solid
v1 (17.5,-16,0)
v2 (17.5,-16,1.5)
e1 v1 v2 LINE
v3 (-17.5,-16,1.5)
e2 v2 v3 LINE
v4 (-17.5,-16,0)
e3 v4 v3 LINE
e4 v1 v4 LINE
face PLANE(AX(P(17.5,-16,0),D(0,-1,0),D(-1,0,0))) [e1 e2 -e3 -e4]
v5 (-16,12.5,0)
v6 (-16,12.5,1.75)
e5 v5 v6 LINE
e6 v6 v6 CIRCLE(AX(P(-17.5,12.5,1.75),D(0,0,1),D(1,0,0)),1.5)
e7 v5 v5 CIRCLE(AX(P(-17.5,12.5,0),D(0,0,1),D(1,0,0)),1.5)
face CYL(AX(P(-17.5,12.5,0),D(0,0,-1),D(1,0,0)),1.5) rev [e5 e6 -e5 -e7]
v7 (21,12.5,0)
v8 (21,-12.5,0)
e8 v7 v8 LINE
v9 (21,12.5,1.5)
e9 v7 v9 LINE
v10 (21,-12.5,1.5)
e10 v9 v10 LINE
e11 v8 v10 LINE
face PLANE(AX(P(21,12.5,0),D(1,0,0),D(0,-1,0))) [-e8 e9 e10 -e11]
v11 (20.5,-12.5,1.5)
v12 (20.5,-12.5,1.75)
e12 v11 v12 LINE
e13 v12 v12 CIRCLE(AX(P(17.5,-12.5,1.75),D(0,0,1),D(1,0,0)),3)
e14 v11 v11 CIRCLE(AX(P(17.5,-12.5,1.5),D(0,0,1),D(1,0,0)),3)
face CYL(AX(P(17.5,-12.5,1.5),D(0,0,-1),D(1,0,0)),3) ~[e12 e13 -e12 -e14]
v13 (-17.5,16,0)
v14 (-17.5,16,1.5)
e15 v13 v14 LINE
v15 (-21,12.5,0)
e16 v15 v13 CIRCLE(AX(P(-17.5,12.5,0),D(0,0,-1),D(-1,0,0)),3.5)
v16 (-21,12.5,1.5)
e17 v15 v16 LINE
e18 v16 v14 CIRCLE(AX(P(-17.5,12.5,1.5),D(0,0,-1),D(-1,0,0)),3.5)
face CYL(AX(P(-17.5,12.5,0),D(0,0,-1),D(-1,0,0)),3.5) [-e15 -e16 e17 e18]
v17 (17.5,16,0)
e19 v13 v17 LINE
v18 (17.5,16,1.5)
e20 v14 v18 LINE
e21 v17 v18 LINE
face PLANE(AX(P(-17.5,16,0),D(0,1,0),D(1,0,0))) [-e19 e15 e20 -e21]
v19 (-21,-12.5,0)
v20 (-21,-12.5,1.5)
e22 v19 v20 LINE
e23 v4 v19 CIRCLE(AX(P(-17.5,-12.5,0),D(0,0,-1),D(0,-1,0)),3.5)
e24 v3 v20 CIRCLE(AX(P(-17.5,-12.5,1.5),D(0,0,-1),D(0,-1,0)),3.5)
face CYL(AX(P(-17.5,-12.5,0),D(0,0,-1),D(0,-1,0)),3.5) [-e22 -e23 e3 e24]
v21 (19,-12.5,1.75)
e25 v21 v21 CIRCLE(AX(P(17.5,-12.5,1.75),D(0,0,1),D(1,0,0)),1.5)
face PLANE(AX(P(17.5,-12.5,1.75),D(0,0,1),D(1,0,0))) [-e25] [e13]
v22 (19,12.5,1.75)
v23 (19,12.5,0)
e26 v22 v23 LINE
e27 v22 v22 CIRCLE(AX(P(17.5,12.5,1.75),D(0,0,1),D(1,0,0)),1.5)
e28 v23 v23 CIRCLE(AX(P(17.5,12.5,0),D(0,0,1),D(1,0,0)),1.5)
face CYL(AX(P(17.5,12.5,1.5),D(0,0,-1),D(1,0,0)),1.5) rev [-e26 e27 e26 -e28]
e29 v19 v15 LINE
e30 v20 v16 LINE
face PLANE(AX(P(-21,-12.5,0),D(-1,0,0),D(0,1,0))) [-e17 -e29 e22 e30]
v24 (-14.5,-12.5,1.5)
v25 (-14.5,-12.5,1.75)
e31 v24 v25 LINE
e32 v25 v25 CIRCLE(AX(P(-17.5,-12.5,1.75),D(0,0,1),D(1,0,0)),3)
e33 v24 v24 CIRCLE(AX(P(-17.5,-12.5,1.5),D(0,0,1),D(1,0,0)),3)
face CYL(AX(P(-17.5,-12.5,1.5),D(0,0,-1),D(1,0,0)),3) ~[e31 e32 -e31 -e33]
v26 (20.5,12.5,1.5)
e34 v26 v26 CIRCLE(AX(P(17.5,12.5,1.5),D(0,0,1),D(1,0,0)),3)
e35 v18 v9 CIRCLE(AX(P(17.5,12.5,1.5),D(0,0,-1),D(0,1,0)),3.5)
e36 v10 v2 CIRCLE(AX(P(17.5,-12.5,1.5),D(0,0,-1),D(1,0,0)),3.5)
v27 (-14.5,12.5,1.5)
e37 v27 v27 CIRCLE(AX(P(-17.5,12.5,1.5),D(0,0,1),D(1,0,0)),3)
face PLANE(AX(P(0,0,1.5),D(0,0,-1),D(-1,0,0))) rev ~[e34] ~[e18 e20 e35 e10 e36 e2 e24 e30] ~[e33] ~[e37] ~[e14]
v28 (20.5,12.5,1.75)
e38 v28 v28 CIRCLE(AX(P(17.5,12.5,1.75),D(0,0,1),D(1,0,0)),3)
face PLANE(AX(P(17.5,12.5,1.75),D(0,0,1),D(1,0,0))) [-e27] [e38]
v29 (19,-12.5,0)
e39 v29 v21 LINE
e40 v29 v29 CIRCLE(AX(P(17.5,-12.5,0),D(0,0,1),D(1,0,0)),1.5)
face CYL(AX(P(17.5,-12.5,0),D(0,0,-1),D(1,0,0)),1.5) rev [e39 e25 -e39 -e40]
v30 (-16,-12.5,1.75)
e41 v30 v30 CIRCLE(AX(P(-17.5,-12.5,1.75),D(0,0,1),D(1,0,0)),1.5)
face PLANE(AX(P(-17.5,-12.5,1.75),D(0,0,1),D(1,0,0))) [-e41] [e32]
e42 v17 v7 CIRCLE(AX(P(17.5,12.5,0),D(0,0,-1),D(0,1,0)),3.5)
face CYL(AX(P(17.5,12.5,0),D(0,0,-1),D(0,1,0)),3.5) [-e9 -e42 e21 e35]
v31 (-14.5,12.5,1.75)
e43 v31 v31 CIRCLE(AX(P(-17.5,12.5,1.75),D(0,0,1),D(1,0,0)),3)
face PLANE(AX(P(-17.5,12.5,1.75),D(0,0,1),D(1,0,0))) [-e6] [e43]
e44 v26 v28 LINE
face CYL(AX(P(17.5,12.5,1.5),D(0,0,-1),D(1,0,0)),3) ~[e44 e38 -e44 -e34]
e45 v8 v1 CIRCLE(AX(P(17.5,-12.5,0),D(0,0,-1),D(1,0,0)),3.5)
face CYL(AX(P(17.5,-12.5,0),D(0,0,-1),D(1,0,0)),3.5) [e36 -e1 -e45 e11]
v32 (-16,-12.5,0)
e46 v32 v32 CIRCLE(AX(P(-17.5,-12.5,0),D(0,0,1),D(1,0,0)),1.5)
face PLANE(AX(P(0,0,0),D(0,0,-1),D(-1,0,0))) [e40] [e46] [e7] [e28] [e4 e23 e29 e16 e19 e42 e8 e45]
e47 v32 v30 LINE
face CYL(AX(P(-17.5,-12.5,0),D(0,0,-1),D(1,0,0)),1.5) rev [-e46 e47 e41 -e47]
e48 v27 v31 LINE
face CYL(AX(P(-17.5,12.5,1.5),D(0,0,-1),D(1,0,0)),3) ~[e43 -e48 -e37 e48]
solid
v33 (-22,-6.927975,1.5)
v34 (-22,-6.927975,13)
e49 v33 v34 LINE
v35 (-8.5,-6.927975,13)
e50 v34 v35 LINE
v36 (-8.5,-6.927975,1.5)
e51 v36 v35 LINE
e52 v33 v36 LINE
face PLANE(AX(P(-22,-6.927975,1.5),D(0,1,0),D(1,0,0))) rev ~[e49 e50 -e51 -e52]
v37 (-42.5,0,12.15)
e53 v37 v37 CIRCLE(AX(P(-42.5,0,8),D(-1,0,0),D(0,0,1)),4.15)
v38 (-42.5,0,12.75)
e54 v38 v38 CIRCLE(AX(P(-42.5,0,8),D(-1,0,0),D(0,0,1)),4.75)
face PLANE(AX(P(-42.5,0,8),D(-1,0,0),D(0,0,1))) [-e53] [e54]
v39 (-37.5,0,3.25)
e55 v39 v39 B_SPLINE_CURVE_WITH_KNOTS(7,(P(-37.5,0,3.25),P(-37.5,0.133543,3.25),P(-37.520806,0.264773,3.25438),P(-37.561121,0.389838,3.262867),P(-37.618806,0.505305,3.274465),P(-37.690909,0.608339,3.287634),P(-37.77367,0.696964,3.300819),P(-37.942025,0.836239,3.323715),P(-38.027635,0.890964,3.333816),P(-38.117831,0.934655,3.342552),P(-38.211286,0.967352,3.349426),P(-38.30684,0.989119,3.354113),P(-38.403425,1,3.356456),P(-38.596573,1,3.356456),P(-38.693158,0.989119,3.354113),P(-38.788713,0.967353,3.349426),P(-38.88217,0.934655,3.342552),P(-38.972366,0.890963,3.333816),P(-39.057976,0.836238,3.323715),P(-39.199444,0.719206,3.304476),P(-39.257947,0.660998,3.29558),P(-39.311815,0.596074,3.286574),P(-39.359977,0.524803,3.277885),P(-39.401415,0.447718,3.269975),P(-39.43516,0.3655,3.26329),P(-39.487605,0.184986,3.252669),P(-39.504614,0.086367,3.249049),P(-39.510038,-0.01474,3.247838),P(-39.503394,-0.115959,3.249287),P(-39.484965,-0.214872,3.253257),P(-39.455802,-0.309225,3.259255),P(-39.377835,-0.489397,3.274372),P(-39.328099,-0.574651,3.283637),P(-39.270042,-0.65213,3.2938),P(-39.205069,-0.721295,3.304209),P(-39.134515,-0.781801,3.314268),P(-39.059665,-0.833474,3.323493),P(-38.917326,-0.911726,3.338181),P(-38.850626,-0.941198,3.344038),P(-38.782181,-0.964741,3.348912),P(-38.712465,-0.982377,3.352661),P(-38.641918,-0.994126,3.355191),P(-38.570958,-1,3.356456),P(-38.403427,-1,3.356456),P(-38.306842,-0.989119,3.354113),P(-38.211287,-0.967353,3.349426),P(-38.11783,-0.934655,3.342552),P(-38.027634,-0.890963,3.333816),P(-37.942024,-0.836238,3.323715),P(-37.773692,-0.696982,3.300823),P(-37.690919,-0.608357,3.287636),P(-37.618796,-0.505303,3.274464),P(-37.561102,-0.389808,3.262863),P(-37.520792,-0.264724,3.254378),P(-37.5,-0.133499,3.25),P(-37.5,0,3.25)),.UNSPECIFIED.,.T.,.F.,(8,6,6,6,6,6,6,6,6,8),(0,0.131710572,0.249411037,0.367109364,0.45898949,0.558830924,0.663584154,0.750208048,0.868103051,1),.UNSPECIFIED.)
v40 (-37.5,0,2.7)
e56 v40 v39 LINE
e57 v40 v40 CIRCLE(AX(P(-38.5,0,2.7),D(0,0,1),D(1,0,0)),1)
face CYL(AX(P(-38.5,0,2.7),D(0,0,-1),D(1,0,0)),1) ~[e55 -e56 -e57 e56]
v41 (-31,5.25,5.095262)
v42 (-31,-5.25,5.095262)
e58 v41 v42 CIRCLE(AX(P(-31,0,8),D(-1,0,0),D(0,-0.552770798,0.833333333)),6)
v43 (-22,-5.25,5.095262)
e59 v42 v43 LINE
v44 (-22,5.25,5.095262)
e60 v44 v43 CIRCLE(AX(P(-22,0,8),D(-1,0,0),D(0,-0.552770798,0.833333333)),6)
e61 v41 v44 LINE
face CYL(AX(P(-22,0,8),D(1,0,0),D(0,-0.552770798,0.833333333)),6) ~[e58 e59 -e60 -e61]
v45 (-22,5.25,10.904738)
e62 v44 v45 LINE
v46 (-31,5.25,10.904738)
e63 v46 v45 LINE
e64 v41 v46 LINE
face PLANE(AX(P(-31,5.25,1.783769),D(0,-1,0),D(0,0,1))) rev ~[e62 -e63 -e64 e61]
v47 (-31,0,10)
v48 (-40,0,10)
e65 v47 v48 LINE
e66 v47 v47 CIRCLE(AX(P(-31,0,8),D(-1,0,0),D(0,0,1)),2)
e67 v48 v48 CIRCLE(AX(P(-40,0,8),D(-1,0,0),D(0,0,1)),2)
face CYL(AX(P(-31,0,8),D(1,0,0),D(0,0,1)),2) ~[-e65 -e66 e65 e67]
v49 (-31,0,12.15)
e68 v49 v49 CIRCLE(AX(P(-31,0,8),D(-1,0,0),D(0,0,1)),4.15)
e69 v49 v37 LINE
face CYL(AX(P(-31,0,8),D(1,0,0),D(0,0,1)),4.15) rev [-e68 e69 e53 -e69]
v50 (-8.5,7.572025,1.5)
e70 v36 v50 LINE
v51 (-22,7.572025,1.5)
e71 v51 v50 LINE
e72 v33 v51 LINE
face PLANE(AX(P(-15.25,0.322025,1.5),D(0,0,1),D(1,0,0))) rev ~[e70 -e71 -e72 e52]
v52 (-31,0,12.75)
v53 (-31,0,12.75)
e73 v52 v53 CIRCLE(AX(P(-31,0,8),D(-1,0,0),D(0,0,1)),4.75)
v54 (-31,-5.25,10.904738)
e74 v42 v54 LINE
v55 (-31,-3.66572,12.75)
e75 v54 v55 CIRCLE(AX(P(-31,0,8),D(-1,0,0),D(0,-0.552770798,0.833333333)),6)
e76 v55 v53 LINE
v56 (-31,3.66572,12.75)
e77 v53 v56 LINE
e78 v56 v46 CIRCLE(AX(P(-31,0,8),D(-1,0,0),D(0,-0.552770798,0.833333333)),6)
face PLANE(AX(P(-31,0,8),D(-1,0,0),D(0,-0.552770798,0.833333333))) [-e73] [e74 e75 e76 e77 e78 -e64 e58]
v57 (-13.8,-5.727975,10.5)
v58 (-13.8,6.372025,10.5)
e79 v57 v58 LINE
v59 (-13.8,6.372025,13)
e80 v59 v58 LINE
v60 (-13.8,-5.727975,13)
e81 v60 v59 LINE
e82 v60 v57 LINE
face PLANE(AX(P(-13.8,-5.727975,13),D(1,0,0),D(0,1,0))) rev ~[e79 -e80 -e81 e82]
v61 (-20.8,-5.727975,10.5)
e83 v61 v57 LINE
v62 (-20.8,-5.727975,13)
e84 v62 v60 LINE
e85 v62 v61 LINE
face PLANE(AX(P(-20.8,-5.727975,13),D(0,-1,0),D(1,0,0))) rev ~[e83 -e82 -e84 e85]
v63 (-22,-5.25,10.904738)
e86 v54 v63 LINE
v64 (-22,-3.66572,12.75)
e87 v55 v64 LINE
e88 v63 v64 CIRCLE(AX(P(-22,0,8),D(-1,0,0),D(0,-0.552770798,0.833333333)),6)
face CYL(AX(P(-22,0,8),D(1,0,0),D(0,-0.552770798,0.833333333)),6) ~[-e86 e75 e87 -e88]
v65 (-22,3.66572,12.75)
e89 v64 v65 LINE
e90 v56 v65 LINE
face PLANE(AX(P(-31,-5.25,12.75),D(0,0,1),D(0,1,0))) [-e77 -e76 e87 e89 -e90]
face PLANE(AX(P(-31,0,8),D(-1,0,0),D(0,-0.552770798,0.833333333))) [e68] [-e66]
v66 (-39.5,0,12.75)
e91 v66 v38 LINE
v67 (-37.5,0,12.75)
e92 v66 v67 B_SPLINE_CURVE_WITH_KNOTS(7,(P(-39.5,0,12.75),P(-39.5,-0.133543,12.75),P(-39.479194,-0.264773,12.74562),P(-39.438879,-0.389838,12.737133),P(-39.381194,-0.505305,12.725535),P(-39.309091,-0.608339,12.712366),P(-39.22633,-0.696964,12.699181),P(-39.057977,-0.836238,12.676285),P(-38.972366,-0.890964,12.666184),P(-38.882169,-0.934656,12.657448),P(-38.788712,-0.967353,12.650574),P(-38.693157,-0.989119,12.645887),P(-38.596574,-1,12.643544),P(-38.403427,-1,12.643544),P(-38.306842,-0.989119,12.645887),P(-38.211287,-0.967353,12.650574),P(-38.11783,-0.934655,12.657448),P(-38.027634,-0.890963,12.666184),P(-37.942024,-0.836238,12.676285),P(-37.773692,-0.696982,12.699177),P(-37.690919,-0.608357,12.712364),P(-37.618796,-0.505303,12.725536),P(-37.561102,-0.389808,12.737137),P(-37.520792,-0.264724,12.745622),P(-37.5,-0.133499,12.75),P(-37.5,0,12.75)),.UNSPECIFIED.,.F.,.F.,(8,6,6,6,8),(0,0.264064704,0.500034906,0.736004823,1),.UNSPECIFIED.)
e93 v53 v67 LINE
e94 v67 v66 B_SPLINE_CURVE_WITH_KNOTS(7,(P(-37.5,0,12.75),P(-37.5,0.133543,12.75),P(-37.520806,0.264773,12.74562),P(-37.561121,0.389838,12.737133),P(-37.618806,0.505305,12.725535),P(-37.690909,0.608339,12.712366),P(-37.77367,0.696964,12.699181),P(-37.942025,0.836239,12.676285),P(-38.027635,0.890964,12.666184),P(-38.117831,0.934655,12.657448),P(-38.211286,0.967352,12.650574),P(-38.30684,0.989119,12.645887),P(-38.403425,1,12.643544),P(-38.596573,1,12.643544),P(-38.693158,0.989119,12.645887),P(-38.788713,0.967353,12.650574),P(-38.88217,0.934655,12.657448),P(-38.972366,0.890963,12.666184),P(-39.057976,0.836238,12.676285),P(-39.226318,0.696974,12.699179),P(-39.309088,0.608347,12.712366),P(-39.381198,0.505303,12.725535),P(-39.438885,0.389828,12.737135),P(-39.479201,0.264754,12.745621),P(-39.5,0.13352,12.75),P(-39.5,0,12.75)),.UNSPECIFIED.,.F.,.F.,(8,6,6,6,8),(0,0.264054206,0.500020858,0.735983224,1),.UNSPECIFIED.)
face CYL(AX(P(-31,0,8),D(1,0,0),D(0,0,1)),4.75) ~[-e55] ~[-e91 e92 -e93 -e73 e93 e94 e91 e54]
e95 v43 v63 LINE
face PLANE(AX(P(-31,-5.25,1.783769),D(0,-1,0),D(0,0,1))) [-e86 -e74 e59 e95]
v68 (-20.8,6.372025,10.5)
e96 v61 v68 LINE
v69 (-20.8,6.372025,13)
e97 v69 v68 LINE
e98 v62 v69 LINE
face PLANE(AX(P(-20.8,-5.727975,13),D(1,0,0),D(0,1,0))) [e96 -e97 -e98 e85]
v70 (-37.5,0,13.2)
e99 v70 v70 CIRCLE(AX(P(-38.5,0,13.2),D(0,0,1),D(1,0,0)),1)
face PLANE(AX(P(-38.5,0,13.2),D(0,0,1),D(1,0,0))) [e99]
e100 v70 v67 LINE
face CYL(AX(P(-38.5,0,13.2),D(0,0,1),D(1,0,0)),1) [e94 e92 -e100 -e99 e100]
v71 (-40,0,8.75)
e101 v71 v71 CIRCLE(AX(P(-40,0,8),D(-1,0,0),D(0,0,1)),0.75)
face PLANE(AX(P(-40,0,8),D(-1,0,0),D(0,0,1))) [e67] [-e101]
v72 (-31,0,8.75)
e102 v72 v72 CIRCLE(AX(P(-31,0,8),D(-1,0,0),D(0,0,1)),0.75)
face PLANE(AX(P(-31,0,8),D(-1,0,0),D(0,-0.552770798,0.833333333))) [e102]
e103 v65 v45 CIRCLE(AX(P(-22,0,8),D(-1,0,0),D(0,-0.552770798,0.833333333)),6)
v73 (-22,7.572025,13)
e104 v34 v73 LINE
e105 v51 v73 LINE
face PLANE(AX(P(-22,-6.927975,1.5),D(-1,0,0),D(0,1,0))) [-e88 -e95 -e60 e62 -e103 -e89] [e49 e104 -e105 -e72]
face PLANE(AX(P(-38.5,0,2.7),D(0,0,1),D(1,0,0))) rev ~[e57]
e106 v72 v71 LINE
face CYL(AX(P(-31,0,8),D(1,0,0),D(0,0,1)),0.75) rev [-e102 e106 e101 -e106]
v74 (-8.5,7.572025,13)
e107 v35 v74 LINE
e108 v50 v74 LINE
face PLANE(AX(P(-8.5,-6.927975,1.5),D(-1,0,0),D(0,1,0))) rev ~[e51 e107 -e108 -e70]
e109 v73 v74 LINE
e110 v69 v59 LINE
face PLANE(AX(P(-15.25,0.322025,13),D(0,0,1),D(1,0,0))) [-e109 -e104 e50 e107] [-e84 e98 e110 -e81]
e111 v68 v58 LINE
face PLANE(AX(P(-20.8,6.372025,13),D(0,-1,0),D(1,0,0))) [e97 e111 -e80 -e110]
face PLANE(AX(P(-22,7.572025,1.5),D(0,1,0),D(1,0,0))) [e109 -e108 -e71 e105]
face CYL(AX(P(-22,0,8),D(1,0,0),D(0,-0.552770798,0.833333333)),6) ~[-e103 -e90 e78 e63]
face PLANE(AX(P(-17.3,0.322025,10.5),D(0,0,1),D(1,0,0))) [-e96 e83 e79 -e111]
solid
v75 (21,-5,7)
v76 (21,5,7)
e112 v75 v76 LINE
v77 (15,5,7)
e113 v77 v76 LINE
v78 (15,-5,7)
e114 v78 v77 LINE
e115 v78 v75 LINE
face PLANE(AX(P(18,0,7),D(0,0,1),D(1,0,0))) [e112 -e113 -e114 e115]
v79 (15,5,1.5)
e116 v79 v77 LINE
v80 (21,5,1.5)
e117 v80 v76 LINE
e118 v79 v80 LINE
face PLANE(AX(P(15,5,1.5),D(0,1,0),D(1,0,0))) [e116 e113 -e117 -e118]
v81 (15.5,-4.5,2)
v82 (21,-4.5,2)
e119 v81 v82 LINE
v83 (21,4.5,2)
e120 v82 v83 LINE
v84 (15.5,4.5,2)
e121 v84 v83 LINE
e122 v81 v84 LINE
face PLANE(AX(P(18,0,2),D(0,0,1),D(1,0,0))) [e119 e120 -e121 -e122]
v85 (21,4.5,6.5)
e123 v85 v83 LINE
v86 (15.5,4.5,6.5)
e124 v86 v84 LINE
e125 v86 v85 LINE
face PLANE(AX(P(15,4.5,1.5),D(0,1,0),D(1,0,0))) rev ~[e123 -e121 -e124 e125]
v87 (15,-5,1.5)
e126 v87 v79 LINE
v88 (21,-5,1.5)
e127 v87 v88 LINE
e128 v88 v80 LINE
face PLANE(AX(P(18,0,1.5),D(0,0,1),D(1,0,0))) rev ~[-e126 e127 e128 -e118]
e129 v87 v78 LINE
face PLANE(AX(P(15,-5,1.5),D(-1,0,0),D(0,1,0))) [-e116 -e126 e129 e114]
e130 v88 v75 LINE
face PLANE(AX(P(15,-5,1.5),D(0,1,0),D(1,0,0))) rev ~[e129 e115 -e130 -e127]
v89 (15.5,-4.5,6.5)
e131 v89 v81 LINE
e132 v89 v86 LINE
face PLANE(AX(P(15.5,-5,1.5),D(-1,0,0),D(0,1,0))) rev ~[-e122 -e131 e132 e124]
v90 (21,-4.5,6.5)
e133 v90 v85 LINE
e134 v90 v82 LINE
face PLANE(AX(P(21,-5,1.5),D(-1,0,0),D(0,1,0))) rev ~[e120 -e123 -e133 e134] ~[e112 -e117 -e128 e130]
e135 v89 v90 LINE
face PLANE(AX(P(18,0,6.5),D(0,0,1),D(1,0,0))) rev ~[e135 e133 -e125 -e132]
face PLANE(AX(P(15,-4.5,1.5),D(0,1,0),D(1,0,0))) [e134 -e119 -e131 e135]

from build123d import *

# Parameters (mm, degrees)
ESQUISSE1_R             = 1.5
BOSS_EXTRU_1_DEPTH      = 1.5
ESQUISSE2_R             = 3
ESQUISSE2_R_2           = 1.5
BOSS_EXTRU_2_DEPTH      = 0.25
ESQUISSE4_W             = 13.5
ESQUISSE4_H             = 14.5
BOSS_EXTRU_3_DEPTH      = 11.5
ESQUISSE5_W             = 7
ESQUISSE5_H             = 12.1
ENL_V_MAT_EXTRU_1_DEPTH = 2.5
ESQUISSE6_R             = 6
BOSS_EXTRU_4_DEPTH      = 9
ESQUISSE7_R             = 4.75
ESQUISSE7_R_2           = 4.15
BOSS_EXTRU_5_DEPTH      = 11.5
ESQUISSE8_OUTSIDE_W     = 30.494
ESQUISSE8_OUTSIDE_H     = 48.494
ESQUISSE8_OUTSIDE_W_2   = 10.966230641
ESQUISSE8_OUTSIDE_H_2   = 10.5
ENL_V_MAT_EXTRU_2_DEPTH = 9
ESQUISSE9_R             = 1
BOSS_EXTRU_6_DEPTH      = 1
BOSS_EXTRU_7_START      = -10.5
ESQUISSE9_2_R           = 1
BOSS_EXTRU_7_DEPTH      = 1
ESQUISSE10_R            = 2
ESQUISSE10_R_2          = 0.75
BOSS_EXTRU_8_DEPTH      = 9
ESQUISSE11_W            = 6
ESQUISSE11_H            = 10
BOSS_EXTRU_9_DEPTH      = 5.5
COQUE1_T                = -0.5


with BuildPart() as part:
    # Esquisse1 → Boss.-Extru.1 (new body)
    with BuildSketch(Plane.XY):
        with BuildLine():
            ThreePointArc((-21, 12.5), (-19.974873734, 14.974873734), (-17.5, 16))
            Line((-17.5, 16), (17.5, 16))
            ThreePointArc((17.5, 16), (19.974873734, 14.974873734), (21, 12.5))
            Line((21, 12.5), (21, -12.5))
            ThreePointArc((21, -12.5), (19.974873734, -14.974873734), (17.5, -16))
            Line((17.5, -16), (-17.5, -16))
            ThreePointArc((-17.5, -16), (-19.974873734, -14.974873734), (-21, -12.5))
            Line((-21, -12.5), (-21, 12.5))
        make_face()
        with Locations((17.5, -12.5)):
            Circle(ESQUISSE1_R, mode=Mode.SUBTRACT)
        with Locations((17.5, 12.5)):
            Circle(ESQUISSE1_R, mode=Mode.SUBTRACT)
        with Locations((-17.5, -12.5)):
            Circle(ESQUISSE1_R, mode=Mode.SUBTRACT)
        with Locations((-17.5, 12.5)):
            Circle(ESQUISSE1_R, mode=Mode.SUBTRACT)
    extrude(amount=BOSS_EXTRU_1_DEPTH)

    # Esquisse2 → Boss.-Extru.2 (add)
    # profile 1 of 4: a face of its own
    with BuildSketch(Plane.XY.offset(1.5)):
        with Locations((17.5, 12.5)):
            Circle(ESQUISSE2_R)
        with Locations((17.5, 12.5)):
            Circle(ESQUISSE2_R_2, mode=Mode.SUBTRACT)
    # profile 2 of 4: a face of its own
    with BuildSketch(Plane.XY.offset(1.5)):
        with Locations((-17.5, 12.5)):
            Circle(ESQUISSE2_R)
        with Locations((-17.5, 12.5)):
            Circle(ESQUISSE2_R_2, mode=Mode.SUBTRACT)
    # profile 3 of 4: a face of its own
    with BuildSketch(Plane.XY.offset(1.5)):
        with Locations((-17.5, -12.5)):
            Circle(ESQUISSE2_R)
        with Locations((-17.5, -12.5)):
            Circle(ESQUISSE2_R_2, mode=Mode.SUBTRACT)
    # profile 4 of 4: a face of its own
    with BuildSketch(Plane.XY.offset(1.5)):
        with Locations((17.5, -12.5)):
            Circle(ESQUISSE2_R)
        with Locations((17.5, -12.5)):
            Circle(ESQUISSE2_R_2, mode=Mode.SUBTRACT)
    extrude(amount=BOSS_EXTRU_2_DEPTH)


with BuildPart() as body_2:
    # Esquisse4 → Boss.-Extru.3 (new body)
    with BuildSketch(Plane.XY.offset(1.5)):
        with Locations((-15.25, 0.32202456)):
            Rectangle(ESQUISSE4_W, ESQUISSE4_H)
    extrude(amount=BOSS_EXTRU_3_DEPTH)

    # Esquisse5 → Enlèv. mat.-Extru.1 (cut)
    with BuildSketch(Plane.XY.offset(13)):
        with Locations((-17.3, 0.32202456)):
            Rectangle(ESQUISSE5_W, ESQUISSE5_H)
    extrude(amount=-ENL_V_MAT_EXTRU_1_DEPTH, mode=Mode.SUBTRACT)

    # Esquisse6 → Boss.-Extru.4 (add)
    with BuildSketch(Plane.ZY.offset(22)):
        with Locations(Location((8, 0, 0), (0, 0, 326.442690238))):
            Circle(ESQUISSE6_R)
    extrude(amount=BOSS_EXTRU_4_DEPTH)

    # Esquisse7 → Boss.-Extru.5 (add)
    with BuildSketch(Plane.ZY.offset(31)):
        with Locations((8, 0)):
            Circle(ESQUISSE7_R)
        with Locations((8, 0)):
            Circle(ESQUISSE7_R_2, mode=Mode.SUBTRACT)
    extrude(amount=BOSS_EXTRU_5_DEPTH)

    # Esquisse8 outside → Enlèv. mat.-Extru.2 (cut)
    with BuildSketch(Plane.ZY.offset(31)):
        with Locations((7, 0)):
            Rectangle(ESQUISSE8_OUTSIDE_W, ESQUISSE8_OUTSIDE_H)
        with Locations((7.26688468, 0)):
            Rectangle(ESQUISSE8_OUTSIDE_W_2, ESQUISSE8_OUTSIDE_H_2, mode=Mode.SUBTRACT)
    extrude(amount=-ENL_V_MAT_EXTRU_2_DEPTH, mode=Mode.SUBTRACT)

    # Esquisse9 → Boss.-Extru.6 (add)
    with BuildSketch(Plane.XY.offset(13.2)):
        with Locations((-38.5, 0)):
            Circle(ESQUISSE9_R)
    extrude(amount=-BOSS_EXTRU_6_DEPTH)

    # Esquisse9<2> → Boss.-Extru.7 (add)
    with BuildSketch(Plane.XY.offset(13.2).offset(BOSS_EXTRU_7_START)):
        with Locations((-38.5, 0)):
            Circle(ESQUISSE9_2_R)
    extrude(amount=BOSS_EXTRU_7_DEPTH)

    # Esquisse10 → Boss.-Extru.8 (add)
    with BuildSketch(Plane.ZY.offset(31)):
        with Locations((8, 0)):
            Circle(ESQUISSE10_R)
        with Locations((8, 0)):
            Circle(ESQUISSE10_R_2, mode=Mode.SUBTRACT)
    extrude(amount=BOSS_EXTRU_8_DEPTH)


with BuildPart() as body_3:
    # Esquisse11 → Boss.-Extru.9 (new body)
    with BuildSketch(Plane.XY.offset(1.5)):
        with Locations((18, 0)):
            Rectangle(ESQUISSE11_W, ESQUISSE11_H)
    extrude(amount=BOSS_EXTRU_9_DEPTH)

    # Coque1
    coque1_openings = [body_3.faces().sort_by_distance(p)[0] for p in [
        (21, 0, 4.25),
    ]]
    offset(amount=COQUE1_T, openings=coque1_openings, kind=Kind.INTERSECTION)


solid = Compound([part.part, body_2.part, body_3.part])
